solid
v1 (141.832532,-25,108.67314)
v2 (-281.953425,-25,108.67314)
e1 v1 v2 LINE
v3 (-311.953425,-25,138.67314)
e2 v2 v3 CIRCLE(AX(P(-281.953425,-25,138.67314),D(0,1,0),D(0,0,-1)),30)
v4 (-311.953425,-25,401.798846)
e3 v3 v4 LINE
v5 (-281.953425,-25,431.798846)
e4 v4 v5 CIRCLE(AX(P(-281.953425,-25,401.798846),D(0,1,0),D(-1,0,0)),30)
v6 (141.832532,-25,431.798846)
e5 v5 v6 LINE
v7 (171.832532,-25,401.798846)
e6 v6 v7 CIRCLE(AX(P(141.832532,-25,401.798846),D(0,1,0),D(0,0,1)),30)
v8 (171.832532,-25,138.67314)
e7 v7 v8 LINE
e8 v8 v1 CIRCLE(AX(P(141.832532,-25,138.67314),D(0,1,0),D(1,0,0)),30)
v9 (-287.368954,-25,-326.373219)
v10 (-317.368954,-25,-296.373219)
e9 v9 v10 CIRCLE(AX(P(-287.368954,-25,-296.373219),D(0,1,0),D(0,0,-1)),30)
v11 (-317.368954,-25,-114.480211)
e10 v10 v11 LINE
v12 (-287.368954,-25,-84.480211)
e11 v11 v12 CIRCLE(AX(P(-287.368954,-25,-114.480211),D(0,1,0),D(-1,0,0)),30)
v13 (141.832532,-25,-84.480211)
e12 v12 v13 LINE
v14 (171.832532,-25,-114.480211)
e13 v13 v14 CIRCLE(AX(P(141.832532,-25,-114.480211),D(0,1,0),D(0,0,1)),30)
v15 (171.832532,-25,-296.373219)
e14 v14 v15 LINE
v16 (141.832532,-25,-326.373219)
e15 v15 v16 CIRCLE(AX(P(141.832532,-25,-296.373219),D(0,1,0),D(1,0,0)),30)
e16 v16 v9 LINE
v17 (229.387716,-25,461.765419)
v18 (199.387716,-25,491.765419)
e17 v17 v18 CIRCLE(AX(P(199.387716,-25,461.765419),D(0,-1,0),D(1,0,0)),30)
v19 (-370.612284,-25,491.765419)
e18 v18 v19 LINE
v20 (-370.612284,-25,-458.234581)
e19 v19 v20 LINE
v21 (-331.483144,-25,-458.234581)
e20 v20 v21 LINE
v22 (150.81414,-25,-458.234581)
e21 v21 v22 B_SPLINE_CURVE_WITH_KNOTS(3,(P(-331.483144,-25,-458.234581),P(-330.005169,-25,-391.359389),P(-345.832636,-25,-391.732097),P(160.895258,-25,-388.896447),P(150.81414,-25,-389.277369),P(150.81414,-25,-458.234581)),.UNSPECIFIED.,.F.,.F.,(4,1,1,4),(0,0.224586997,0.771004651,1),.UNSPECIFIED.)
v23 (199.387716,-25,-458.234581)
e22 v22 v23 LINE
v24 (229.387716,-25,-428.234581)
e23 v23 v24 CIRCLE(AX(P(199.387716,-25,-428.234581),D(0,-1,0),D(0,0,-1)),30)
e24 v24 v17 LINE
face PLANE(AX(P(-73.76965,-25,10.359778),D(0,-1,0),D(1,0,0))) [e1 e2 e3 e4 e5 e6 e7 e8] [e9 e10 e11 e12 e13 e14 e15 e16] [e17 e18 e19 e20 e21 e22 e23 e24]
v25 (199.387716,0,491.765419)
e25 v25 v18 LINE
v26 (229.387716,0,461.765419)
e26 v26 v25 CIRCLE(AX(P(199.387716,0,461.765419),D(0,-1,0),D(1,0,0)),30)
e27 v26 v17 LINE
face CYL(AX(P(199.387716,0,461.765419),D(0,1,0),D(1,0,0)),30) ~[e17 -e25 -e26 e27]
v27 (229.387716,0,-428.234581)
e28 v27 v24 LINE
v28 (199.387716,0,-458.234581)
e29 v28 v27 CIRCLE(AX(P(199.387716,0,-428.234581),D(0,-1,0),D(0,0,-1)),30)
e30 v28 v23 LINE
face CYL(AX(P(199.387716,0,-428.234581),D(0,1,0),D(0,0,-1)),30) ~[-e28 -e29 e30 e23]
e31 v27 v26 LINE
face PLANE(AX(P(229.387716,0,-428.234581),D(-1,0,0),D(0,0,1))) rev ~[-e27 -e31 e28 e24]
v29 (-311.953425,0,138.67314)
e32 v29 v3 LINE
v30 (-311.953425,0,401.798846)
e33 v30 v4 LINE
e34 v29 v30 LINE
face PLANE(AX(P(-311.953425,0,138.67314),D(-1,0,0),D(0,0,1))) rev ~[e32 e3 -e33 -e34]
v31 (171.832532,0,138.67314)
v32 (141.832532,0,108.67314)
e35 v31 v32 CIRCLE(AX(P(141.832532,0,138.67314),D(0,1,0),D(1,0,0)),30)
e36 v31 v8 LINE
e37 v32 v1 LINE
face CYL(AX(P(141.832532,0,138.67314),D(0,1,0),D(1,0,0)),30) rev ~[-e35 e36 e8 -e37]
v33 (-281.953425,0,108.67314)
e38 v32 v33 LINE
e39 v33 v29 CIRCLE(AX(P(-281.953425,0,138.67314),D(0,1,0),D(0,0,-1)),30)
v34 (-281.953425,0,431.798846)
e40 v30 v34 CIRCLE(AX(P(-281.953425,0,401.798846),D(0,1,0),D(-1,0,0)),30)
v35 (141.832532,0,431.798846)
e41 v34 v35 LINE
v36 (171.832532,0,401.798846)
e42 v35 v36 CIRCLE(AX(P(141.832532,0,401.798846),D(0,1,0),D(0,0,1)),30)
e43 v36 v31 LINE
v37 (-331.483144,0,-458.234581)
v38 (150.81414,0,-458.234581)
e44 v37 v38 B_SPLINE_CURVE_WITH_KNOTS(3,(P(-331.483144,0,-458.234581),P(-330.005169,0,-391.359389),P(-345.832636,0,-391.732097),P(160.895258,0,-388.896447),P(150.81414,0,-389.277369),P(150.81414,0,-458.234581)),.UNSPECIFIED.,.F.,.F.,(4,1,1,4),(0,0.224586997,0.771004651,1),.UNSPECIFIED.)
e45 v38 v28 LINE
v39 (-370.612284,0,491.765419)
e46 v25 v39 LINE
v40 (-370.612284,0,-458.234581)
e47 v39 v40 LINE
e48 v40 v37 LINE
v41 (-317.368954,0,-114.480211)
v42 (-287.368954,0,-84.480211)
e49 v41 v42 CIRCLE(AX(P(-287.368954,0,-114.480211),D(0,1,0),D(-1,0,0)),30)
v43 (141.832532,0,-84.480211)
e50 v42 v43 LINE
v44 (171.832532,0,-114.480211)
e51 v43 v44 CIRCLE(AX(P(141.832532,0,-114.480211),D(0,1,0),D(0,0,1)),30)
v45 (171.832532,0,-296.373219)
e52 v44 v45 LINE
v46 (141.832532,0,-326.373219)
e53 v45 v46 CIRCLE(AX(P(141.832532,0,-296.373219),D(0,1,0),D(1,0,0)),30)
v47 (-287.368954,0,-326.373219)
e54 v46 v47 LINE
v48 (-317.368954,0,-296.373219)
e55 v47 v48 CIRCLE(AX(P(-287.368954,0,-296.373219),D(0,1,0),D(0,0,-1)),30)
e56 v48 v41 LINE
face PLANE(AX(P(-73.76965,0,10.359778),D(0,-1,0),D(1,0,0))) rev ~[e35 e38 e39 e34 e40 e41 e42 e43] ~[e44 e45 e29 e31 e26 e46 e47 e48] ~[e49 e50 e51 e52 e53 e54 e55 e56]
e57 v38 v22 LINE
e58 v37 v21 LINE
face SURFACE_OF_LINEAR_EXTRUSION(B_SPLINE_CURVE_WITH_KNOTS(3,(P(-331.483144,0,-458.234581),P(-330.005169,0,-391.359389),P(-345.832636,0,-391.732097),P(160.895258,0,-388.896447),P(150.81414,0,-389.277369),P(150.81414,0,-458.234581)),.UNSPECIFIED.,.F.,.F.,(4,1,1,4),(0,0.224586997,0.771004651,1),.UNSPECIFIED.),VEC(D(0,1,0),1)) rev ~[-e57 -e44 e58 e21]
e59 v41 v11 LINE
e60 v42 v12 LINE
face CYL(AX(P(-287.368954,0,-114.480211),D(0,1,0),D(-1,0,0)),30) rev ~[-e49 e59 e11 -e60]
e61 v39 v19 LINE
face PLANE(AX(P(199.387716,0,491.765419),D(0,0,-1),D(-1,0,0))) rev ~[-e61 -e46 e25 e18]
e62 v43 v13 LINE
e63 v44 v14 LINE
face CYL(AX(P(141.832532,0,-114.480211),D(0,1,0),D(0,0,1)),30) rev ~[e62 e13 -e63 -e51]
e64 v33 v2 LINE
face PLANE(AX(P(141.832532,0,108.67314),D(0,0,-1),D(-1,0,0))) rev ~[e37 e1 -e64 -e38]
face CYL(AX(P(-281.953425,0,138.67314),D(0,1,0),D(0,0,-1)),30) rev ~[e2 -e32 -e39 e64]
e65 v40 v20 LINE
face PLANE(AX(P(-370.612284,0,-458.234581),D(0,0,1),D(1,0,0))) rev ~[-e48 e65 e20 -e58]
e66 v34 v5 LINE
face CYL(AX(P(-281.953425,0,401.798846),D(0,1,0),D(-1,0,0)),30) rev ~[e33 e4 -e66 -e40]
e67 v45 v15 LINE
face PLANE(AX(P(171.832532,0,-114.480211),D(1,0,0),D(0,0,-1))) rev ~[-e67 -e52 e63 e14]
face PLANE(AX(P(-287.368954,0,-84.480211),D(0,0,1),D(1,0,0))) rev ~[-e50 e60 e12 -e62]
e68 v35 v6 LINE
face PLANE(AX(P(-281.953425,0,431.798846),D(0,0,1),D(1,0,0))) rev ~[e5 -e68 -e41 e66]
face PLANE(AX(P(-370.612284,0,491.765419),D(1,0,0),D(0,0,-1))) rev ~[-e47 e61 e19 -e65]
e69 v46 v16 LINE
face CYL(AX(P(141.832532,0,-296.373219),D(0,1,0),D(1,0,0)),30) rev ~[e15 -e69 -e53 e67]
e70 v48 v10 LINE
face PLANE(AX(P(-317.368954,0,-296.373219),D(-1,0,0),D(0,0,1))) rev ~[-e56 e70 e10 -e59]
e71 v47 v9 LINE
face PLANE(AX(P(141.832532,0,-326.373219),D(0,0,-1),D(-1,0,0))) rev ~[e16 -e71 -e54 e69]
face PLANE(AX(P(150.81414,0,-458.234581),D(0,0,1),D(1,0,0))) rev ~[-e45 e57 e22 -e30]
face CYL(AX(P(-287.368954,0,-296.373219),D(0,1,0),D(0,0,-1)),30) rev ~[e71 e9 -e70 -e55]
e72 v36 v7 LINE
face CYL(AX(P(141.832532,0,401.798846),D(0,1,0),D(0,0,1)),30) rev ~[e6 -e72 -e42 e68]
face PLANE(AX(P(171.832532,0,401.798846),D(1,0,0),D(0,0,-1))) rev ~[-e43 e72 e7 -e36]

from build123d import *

# Parameters (mm, degrees)
F1_DEPTH = 25


with BuildPart() as f1:
    # F0 (on Front) → F1 (new body)
    with BuildSketch(Plane.XZ):
        with BuildLine():
            Line((199.387715532, 491.7654189531), (-370.612284468, 491.7654189531))
            Line((-370.612284468, 491.7654189531), (-370.612284468, -458.2345810469))
            Line((-370.612284468, -458.2345810469), (-331.4831441196, -458.2345810469))
            add(Edge.make_bspline(
                [(-331.4831441196, -458.2345810469), (-330.0051689148, -391.3593888283), (-345.8326361505, -391.7320973288), (160.8952583484, -388.8964468177), (150.8141399079, -389.2773693169), (150.8141399079, -458.2345810469)],
                knots=[0, 0, 0, 0, 0.2245869971, 0.7710046509, 1, 1, 1, 1], degree=3))
            Line((150.8141399079, -458.2345810469), (199.387715532, -458.2345810469))
            ThreePointArc((199.387715532, -458.2345810469), (220.6009189676, -449.4477844825), (229.387715532, -428.2345810469))
            Line((229.387715532, -428.2345810469), (229.387715532, 461.7654189531))
            ThreePointArc((229.387715532, 461.7654189531), (220.6009189676, 482.9786223887), (199.387715532, 491.7654189531))
        make_face()
        with BuildLine():
            ThreePointArc((-317.3689544201, -114.4802111387), (-308.5821578557, -93.2670077031), (-287.3689544201, -84.4802111387))
            Line((-287.3689544201, -84.4802111387), (141.8325316906, -84.4802111387))
            ThreePointArc((141.8325316906, -84.4802111387), (163.0457351262, -93.2670077031), (171.8325316906, -114.4802111387))
            Line((171.8325316906, -114.4802111387), (171.8325316906, -296.3732194901))
            ThreePointArc((171.8325316906, -296.3732194901), (163.0457351262, -317.5864229256), (141.8325316906, -326.3732194901))
            Line((141.8325316906, -326.3732194901), (-287.3689544201, -326.3732194901))
            ThreePointArc((-287.3689544201, -326.3732194901), (-308.5821578557, -317.5864229256), (-317.3689544201, -296.3732194901))
            Line((-317.3689544201, -296.3732194901), (-317.3689544201, -114.4802111387))
        make_face(mode=Mode.SUBTRACT)
        with BuildLine():
            ThreePointArc((-311.9534254074, 401.7988455296), (-303.166628843, 423.0120489652), (-281.9534254074, 431.7988455296))
            Line((-281.9534254074, 431.7988455296), (141.8325316906, 431.7988455296))
            ThreePointArc((141.8325316906, 431.7988455296), (163.0457351262, 423.0120489652), (171.8325316906, 401.7988455296))
            Line((171.8325316906, 401.7988455296), (171.8325316906, 138.6731404066))
            ThreePointArc((171.8325316906, 138.6731404066), (163.0457351262, 117.459936971), (141.8325316906, 108.6731404066))
            Line((141.8325316906, 108.6731404066), (-281.9534254074, 108.6731404066))
            ThreePointArc((-281.9534254074, 108.6731404066), (-303.166628843, 117.459936971), (-311.9534254074, 138.6731404066))
            Line((-311.9534254074, 138.6731404066), (-311.9534254074, 401.7988455296))
        make_face(mode=Mode.SUBTRACT)
    extrude(amount=F1_DEPTH)


solid = f1.part
